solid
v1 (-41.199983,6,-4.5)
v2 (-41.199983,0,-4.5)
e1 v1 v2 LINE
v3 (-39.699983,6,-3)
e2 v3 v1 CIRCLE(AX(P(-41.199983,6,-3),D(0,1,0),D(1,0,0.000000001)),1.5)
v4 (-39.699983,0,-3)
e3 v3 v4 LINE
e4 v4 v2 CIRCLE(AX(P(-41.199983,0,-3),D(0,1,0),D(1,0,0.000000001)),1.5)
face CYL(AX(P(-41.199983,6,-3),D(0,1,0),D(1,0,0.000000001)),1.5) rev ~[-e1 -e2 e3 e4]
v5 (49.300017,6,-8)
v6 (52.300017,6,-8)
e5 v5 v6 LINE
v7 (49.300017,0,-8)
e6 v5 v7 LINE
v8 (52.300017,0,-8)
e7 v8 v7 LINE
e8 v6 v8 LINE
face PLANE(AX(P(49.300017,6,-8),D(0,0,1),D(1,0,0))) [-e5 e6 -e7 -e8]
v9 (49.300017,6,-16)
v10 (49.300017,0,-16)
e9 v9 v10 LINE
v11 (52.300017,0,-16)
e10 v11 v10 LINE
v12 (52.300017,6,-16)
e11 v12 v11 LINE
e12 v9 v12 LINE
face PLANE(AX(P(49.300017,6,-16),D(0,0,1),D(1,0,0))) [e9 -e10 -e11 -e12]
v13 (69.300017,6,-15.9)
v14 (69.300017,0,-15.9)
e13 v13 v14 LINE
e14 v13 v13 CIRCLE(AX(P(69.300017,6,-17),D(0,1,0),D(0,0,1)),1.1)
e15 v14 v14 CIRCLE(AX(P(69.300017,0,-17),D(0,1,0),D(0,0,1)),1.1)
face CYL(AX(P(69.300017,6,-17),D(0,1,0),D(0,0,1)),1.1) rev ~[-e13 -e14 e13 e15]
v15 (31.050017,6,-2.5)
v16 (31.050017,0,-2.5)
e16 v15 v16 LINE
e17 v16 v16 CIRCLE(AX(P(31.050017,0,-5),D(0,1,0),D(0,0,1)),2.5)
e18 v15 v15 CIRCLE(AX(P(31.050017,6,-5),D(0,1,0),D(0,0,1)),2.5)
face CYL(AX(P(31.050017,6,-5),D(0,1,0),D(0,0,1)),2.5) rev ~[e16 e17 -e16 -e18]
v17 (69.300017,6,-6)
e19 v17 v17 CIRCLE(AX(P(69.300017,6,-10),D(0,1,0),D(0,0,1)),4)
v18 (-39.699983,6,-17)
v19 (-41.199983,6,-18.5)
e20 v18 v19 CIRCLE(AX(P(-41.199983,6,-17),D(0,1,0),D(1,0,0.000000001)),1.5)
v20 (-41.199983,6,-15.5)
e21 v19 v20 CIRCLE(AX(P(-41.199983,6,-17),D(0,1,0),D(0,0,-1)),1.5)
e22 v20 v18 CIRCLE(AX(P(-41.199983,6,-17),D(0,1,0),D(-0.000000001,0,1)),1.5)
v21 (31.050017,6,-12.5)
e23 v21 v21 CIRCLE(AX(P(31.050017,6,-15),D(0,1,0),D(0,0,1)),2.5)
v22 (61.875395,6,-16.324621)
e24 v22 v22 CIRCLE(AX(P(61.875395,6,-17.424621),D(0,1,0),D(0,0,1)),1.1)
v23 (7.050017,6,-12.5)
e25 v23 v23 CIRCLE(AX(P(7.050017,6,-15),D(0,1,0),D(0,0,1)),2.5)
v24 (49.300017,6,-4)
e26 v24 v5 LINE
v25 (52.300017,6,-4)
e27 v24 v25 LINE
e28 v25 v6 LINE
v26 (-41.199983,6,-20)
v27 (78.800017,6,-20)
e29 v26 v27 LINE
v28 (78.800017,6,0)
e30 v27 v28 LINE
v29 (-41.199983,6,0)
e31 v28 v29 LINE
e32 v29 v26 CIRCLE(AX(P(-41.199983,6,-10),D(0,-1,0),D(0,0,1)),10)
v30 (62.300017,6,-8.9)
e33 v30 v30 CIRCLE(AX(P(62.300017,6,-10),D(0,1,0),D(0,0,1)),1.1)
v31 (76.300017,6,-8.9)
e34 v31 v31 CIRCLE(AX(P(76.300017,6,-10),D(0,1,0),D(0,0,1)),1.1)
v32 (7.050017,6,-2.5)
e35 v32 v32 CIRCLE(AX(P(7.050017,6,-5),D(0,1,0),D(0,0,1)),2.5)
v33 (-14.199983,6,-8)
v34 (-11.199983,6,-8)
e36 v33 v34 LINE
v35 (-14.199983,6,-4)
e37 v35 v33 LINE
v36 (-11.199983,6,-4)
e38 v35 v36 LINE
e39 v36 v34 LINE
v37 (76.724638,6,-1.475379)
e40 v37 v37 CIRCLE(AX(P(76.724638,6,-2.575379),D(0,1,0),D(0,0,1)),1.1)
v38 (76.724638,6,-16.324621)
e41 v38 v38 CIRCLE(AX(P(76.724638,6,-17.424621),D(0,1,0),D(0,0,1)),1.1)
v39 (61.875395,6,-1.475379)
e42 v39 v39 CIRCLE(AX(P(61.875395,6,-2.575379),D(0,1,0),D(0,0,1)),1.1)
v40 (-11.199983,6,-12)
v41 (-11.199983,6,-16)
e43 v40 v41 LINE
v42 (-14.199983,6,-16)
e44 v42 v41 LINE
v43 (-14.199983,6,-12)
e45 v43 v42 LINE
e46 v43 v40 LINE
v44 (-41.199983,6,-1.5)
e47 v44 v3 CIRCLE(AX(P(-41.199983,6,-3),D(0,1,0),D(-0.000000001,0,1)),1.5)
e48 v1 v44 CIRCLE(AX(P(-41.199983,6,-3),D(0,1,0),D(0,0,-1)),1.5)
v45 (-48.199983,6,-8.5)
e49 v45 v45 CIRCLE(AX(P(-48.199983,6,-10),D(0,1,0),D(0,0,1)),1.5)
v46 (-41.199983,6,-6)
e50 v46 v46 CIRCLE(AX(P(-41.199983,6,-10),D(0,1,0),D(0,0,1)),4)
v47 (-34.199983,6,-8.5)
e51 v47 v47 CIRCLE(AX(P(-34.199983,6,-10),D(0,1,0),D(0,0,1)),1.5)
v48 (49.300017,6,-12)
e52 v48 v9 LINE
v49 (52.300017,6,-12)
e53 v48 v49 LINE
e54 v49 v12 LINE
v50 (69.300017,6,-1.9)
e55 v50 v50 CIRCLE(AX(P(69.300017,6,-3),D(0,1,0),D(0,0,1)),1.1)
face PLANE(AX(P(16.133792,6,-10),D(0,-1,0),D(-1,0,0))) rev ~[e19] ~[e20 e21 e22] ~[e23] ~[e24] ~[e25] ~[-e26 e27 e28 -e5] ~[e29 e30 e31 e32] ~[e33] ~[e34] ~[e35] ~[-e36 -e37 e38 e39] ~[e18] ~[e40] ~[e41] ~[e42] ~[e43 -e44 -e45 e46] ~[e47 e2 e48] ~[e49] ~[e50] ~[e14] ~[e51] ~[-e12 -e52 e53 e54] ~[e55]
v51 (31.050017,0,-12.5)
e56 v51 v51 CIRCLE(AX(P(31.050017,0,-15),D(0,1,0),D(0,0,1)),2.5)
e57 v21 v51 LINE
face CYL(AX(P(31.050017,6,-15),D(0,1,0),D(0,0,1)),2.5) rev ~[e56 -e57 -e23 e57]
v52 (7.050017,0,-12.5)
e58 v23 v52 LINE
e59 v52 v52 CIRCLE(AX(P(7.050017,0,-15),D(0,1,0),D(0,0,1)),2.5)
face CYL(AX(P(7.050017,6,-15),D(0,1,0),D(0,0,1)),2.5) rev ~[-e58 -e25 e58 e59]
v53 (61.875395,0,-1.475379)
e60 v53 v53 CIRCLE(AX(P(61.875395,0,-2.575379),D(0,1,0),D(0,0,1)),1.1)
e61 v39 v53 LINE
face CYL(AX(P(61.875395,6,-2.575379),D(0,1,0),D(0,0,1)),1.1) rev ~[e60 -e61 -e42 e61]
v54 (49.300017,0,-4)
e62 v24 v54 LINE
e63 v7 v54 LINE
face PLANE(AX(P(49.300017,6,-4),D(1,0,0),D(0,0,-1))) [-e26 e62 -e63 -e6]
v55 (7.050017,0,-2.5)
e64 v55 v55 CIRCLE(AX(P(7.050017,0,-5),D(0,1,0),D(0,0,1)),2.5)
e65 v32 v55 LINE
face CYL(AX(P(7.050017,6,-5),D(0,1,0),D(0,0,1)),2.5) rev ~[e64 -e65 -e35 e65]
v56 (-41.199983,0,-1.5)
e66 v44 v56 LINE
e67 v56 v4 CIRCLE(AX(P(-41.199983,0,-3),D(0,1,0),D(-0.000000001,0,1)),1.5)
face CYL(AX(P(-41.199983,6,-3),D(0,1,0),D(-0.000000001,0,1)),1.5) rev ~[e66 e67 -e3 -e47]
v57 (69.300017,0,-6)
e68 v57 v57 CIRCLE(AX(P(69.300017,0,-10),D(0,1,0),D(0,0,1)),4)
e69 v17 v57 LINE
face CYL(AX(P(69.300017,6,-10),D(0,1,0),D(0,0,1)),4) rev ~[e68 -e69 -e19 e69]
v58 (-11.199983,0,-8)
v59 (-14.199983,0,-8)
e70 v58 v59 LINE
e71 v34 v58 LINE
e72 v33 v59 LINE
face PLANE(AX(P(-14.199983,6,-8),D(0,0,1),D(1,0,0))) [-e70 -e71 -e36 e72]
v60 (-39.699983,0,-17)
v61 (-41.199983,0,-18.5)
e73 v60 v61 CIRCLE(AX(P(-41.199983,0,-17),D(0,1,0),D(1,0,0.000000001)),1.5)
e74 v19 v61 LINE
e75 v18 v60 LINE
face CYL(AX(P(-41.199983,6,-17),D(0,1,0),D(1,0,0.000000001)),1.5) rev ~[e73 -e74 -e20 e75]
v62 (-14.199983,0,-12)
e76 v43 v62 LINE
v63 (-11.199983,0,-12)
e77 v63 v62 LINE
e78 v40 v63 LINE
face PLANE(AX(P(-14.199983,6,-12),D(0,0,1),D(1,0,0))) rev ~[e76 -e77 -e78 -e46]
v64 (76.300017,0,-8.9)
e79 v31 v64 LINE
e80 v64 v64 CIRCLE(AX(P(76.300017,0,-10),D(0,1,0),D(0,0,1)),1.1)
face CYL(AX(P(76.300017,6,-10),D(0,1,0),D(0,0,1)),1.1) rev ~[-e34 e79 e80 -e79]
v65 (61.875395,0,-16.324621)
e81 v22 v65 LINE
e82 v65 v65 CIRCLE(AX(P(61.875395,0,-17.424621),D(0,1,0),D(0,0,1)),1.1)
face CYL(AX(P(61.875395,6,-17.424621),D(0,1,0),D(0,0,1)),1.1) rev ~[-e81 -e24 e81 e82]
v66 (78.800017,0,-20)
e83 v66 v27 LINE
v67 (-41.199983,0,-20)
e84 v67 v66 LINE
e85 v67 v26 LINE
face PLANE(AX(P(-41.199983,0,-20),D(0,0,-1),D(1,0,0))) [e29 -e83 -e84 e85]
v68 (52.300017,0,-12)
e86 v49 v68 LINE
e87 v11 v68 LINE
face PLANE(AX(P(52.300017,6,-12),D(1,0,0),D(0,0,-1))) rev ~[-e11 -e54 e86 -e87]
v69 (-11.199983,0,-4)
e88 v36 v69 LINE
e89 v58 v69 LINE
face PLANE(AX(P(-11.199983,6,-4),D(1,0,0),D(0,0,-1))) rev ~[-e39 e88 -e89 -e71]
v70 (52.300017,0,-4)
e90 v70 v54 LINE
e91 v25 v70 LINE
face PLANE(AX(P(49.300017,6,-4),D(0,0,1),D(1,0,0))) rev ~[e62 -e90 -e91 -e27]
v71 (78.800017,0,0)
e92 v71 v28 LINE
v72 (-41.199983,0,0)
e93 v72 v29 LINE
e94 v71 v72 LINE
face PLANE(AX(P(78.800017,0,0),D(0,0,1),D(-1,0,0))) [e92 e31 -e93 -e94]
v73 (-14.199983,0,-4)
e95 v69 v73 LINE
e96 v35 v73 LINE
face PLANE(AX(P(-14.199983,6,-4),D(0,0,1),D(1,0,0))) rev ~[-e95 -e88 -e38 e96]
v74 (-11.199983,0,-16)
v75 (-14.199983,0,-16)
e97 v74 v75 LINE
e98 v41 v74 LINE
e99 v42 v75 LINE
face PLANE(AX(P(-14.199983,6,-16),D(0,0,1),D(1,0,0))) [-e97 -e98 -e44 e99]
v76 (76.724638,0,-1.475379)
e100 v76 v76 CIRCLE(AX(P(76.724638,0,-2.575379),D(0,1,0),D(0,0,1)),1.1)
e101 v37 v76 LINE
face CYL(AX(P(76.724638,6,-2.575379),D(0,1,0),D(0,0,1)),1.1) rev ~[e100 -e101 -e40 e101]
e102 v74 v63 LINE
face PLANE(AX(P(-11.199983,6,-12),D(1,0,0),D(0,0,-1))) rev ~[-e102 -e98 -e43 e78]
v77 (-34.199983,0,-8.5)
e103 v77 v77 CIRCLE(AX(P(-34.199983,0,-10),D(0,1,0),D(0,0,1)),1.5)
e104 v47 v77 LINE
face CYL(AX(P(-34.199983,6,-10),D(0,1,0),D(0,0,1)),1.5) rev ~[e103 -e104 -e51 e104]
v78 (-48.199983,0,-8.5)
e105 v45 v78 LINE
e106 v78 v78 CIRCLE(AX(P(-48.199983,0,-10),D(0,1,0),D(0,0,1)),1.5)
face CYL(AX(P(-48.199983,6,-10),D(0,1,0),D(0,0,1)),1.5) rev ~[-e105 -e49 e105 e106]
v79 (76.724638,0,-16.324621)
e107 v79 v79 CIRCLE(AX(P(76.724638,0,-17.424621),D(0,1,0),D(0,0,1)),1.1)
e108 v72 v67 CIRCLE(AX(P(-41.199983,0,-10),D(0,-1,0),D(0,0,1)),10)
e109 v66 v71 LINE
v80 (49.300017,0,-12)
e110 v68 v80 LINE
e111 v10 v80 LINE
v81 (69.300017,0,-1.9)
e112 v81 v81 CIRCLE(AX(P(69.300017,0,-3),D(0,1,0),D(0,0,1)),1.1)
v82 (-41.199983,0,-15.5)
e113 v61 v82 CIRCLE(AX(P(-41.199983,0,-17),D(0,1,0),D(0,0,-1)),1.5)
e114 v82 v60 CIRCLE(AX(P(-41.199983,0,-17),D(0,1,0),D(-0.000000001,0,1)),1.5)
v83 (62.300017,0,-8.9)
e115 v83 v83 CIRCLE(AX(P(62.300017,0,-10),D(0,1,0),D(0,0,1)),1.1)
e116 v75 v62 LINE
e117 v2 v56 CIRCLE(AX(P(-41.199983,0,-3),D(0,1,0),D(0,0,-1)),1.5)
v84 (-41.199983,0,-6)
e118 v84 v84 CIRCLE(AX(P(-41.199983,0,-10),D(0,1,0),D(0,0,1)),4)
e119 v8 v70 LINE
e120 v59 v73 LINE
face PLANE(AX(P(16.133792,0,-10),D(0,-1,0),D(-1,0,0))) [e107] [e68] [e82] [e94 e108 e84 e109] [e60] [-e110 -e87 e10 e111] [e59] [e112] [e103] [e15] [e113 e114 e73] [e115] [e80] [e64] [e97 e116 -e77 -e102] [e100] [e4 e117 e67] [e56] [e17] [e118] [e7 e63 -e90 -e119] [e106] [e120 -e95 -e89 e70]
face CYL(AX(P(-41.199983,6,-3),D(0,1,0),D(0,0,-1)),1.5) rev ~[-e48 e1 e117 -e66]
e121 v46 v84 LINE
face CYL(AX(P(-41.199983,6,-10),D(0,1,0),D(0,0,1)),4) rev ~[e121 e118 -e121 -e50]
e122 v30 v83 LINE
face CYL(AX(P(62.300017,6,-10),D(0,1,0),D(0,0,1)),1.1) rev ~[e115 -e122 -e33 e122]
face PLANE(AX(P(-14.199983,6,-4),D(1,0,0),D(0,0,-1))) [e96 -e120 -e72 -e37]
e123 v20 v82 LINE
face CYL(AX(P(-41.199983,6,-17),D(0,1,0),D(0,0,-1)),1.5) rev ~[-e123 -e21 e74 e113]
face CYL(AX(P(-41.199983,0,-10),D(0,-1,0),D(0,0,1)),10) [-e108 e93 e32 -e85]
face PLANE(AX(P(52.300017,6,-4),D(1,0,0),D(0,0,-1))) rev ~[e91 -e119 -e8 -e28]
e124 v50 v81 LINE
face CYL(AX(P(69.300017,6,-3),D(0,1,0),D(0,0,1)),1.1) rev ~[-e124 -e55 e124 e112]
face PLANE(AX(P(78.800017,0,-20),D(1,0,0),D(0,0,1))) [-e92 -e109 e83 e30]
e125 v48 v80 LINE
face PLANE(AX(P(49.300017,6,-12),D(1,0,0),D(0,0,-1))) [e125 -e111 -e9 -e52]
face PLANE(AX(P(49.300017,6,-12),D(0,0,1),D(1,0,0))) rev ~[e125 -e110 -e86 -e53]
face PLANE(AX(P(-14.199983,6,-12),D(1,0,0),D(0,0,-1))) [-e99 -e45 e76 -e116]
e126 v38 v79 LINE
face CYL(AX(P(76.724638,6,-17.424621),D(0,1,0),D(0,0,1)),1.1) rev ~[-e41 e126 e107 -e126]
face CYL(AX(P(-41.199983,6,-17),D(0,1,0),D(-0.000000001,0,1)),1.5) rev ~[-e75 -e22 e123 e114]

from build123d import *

# Parameters (mm, degrees)
EXTRUDE_1_DEPTH     = 6
SKETCH_2_R          = 1.5
SKETCH_2_R_2        = 4
CUT_EXTRUDE_1_DEPTH = 10
SKETCH_3_W          = 3
SKETCH_3_H          = 4
CUT_EXTRUDE_2_DEPTH = 10
SKETCH_4_R          = 4
SKETCH_4_R_2        = 1.1
SKETCH_4_W          = 3
SKETCH_4_H          = 4
CUT_EXTRUDE_4_DEPTH = 10
SKETCH_5_R          = 2.5
CUT_EXTRUDE_5_DEPTH = 10


with BuildPart() as part:
    # 草图1 → 凸台-拉伸1 (new body)
    with BuildSketch(Plane(origin=(0, 0, 0), x_dir=(1, 0, 0), z_dir=(0, 1, 0))):
        with BuildLine():
            Line((-41.199983302, 20), (78.800016698, 20))
            Line((78.800016698, 20), (78.800016698, 0))
            Line((78.800016698, 0), (-41.199983302, 0))
            ThreePointArc((-41.199983302, 0), (-51.199983302, 10), (-41.199983302, 20))
        make_face()
    extrude(amount=EXTRUDE_1_DEPTH)

    # 草图2 → 切除-拉伸1 (cut)
    with BuildSketch(Plane(origin=(0, 6, 0), x_dir=(1, 0, 0), z_dir=(0, 1, 0))):
        with Locations(Location((-48.199983302, 10, 0), (0, 0, 270))):
            Circle(SKETCH_2_R)
        with BuildLine():
            ThreePointArc((-39.699983302, 17), (-40.13932313, 18.060660172), (-41.199983302, 18.5))
            Line((-41.199983302, 18.5), (-41.199983302, 17))
            Line((-41.199983302, 17), (-41.199983302, 15.5))
            ThreePointArc((-41.199983302, 15.5), (-40.13932313, 15.939339828), (-39.699983302, 17))
        make_face()
        with BuildLine():
            Line((-41.199983302, 17), (-41.199983302, 18.5))
            ThreePointArc((-41.199983302, 18.5), (-42.699983302, 17), (-41.199983302, 15.5))
            Line((-41.199983302, 15.5), (-41.199983302, 17))
        make_face()
        with Locations(Location((-34.199983302, 10, 0), (0, 0, 270))):
            Circle(SKETCH_2_R)
        with BuildLine():
            ThreePointArc((-39.699983302, 3), (-40.13932313, 4.060660172), (-41.199983302, 4.5))
            Line((-41.199983302, 4.5), (-41.199983302, 3))
            Line((-41.199983302, 3), (-41.199983302, 1.5))
            ThreePointArc((-41.199983302, 1.5), (-40.13932313, 1.939339828), (-39.699983302, 3))
        make_face()
        with BuildLine():
            Line((-41.199983302, 3), (-41.199983302, 4.5))
            ThreePointArc((-41.199983302, 4.5), (-42.699983302, 3), (-41.199983302, 1.5))
            Line((-41.199983302, 1.5), (-41.199983302, 3))
        make_face()
        with Locations(Location((-41.199983302, 10, 0), (0, 0, 270))):
            Circle(SKETCH_2_R_2)
    extrude(amount=-CUT_EXTRUDE_1_DEPTH, mode=Mode.SUBTRACT)

    # 草图3 → 切除-拉伸2 (cut)
    with BuildSketch(Plane(origin=(0, 6, 0), x_dir=(1, 0, 0), z_dir=(0, 1, 0))):
        with Locations((-12.699983302, 14)):
            Rectangle(SKETCH_3_W, SKETCH_3_H)
        with Locations((-12.699983302, 6)):
            Rectangle(SKETCH_3_W, SKETCH_3_H)
    extrude(amount=-CUT_EXTRUDE_2_DEPTH, mode=Mode.SUBTRACT)

    # 草图4 → 切除-拉伸4 (cut)
    with BuildSketch(Plane(origin=(0, 6, 0), x_dir=(1, 0, 0), z_dir=(0, 1, 0))):
        with Locations(Location((69.300016698, 10, 0), (0, 0, 270))):
            Circle(SKETCH_4_R)
        with Locations(Location((76.7246379, 17.424621202, 0), (0, 0, 270))):
            Circle(SKETCH_4_R_2)
        with Locations(Location((62.300016698, 10, 0), (0, 0, 270))):
            Circle(SKETCH_4_R_2)
        with Locations((50.800016698, 6)):
            Rectangle(SKETCH_4_W, SKETCH_4_H)
        with Locations((50.800016698, 14)):
            Rectangle(SKETCH_4_W, SKETCH_4_H)
        with Locations(Location((76.7246379, 2.575378798, 0), (0, 0, 270))):
            Circle(SKETCH_4_R_2)
        with Locations(Location((61.875395496, 2.575378798, 0), (0, 0, 270))):
            Circle(SKETCH_4_R_2)
        with Locations(Location((61.875395496, 17.424621202, 0), (0, 0, 270))):
            Circle(SKETCH_4_R_2)
        with Locations(Location((69.300016698, 17, 0), (0, 0, 270))):
            Circle(SKETCH_4_R_2)
        with Locations(Location((76.300016698, 10, 0), (0, 0, 270))):
            Circle(SKETCH_4_R_2)
        with Locations(Location((69.300016698, 3, 0), (0, 0, 270))):
            Circle(SKETCH_4_R_2)
    extrude(amount=-CUT_EXTRUDE_4_DEPTH, mode=Mode.SUBTRACT)

    # 草图5 → 切除-拉伸5 (cut)
    with BuildSketch(Plane(origin=(0, 6, 0), x_dir=(1, 0, 0), z_dir=(0, 1, 0))):
        with Locations(Location((31.050016698, 15, 0), (0, 0, 270))):
            Circle(SKETCH_5_R)
        with Locations(Location((31.050016698, 5, 0), (0, 0, 270))):
            Circle(SKETCH_5_R)
        with Locations(Location((7.050016698, 15, 0), (0, 0, 270))):
            Circle(SKETCH_5_R)
        with Locations(Location((7.050016698, 5, 0), (0, 0, 270))):
            Circle(SKETCH_5_R)
    extrude(amount=-CUT_EXTRUDE_5_DEPTH, mode=Mode.SUBTRACT)


solid = part.part
